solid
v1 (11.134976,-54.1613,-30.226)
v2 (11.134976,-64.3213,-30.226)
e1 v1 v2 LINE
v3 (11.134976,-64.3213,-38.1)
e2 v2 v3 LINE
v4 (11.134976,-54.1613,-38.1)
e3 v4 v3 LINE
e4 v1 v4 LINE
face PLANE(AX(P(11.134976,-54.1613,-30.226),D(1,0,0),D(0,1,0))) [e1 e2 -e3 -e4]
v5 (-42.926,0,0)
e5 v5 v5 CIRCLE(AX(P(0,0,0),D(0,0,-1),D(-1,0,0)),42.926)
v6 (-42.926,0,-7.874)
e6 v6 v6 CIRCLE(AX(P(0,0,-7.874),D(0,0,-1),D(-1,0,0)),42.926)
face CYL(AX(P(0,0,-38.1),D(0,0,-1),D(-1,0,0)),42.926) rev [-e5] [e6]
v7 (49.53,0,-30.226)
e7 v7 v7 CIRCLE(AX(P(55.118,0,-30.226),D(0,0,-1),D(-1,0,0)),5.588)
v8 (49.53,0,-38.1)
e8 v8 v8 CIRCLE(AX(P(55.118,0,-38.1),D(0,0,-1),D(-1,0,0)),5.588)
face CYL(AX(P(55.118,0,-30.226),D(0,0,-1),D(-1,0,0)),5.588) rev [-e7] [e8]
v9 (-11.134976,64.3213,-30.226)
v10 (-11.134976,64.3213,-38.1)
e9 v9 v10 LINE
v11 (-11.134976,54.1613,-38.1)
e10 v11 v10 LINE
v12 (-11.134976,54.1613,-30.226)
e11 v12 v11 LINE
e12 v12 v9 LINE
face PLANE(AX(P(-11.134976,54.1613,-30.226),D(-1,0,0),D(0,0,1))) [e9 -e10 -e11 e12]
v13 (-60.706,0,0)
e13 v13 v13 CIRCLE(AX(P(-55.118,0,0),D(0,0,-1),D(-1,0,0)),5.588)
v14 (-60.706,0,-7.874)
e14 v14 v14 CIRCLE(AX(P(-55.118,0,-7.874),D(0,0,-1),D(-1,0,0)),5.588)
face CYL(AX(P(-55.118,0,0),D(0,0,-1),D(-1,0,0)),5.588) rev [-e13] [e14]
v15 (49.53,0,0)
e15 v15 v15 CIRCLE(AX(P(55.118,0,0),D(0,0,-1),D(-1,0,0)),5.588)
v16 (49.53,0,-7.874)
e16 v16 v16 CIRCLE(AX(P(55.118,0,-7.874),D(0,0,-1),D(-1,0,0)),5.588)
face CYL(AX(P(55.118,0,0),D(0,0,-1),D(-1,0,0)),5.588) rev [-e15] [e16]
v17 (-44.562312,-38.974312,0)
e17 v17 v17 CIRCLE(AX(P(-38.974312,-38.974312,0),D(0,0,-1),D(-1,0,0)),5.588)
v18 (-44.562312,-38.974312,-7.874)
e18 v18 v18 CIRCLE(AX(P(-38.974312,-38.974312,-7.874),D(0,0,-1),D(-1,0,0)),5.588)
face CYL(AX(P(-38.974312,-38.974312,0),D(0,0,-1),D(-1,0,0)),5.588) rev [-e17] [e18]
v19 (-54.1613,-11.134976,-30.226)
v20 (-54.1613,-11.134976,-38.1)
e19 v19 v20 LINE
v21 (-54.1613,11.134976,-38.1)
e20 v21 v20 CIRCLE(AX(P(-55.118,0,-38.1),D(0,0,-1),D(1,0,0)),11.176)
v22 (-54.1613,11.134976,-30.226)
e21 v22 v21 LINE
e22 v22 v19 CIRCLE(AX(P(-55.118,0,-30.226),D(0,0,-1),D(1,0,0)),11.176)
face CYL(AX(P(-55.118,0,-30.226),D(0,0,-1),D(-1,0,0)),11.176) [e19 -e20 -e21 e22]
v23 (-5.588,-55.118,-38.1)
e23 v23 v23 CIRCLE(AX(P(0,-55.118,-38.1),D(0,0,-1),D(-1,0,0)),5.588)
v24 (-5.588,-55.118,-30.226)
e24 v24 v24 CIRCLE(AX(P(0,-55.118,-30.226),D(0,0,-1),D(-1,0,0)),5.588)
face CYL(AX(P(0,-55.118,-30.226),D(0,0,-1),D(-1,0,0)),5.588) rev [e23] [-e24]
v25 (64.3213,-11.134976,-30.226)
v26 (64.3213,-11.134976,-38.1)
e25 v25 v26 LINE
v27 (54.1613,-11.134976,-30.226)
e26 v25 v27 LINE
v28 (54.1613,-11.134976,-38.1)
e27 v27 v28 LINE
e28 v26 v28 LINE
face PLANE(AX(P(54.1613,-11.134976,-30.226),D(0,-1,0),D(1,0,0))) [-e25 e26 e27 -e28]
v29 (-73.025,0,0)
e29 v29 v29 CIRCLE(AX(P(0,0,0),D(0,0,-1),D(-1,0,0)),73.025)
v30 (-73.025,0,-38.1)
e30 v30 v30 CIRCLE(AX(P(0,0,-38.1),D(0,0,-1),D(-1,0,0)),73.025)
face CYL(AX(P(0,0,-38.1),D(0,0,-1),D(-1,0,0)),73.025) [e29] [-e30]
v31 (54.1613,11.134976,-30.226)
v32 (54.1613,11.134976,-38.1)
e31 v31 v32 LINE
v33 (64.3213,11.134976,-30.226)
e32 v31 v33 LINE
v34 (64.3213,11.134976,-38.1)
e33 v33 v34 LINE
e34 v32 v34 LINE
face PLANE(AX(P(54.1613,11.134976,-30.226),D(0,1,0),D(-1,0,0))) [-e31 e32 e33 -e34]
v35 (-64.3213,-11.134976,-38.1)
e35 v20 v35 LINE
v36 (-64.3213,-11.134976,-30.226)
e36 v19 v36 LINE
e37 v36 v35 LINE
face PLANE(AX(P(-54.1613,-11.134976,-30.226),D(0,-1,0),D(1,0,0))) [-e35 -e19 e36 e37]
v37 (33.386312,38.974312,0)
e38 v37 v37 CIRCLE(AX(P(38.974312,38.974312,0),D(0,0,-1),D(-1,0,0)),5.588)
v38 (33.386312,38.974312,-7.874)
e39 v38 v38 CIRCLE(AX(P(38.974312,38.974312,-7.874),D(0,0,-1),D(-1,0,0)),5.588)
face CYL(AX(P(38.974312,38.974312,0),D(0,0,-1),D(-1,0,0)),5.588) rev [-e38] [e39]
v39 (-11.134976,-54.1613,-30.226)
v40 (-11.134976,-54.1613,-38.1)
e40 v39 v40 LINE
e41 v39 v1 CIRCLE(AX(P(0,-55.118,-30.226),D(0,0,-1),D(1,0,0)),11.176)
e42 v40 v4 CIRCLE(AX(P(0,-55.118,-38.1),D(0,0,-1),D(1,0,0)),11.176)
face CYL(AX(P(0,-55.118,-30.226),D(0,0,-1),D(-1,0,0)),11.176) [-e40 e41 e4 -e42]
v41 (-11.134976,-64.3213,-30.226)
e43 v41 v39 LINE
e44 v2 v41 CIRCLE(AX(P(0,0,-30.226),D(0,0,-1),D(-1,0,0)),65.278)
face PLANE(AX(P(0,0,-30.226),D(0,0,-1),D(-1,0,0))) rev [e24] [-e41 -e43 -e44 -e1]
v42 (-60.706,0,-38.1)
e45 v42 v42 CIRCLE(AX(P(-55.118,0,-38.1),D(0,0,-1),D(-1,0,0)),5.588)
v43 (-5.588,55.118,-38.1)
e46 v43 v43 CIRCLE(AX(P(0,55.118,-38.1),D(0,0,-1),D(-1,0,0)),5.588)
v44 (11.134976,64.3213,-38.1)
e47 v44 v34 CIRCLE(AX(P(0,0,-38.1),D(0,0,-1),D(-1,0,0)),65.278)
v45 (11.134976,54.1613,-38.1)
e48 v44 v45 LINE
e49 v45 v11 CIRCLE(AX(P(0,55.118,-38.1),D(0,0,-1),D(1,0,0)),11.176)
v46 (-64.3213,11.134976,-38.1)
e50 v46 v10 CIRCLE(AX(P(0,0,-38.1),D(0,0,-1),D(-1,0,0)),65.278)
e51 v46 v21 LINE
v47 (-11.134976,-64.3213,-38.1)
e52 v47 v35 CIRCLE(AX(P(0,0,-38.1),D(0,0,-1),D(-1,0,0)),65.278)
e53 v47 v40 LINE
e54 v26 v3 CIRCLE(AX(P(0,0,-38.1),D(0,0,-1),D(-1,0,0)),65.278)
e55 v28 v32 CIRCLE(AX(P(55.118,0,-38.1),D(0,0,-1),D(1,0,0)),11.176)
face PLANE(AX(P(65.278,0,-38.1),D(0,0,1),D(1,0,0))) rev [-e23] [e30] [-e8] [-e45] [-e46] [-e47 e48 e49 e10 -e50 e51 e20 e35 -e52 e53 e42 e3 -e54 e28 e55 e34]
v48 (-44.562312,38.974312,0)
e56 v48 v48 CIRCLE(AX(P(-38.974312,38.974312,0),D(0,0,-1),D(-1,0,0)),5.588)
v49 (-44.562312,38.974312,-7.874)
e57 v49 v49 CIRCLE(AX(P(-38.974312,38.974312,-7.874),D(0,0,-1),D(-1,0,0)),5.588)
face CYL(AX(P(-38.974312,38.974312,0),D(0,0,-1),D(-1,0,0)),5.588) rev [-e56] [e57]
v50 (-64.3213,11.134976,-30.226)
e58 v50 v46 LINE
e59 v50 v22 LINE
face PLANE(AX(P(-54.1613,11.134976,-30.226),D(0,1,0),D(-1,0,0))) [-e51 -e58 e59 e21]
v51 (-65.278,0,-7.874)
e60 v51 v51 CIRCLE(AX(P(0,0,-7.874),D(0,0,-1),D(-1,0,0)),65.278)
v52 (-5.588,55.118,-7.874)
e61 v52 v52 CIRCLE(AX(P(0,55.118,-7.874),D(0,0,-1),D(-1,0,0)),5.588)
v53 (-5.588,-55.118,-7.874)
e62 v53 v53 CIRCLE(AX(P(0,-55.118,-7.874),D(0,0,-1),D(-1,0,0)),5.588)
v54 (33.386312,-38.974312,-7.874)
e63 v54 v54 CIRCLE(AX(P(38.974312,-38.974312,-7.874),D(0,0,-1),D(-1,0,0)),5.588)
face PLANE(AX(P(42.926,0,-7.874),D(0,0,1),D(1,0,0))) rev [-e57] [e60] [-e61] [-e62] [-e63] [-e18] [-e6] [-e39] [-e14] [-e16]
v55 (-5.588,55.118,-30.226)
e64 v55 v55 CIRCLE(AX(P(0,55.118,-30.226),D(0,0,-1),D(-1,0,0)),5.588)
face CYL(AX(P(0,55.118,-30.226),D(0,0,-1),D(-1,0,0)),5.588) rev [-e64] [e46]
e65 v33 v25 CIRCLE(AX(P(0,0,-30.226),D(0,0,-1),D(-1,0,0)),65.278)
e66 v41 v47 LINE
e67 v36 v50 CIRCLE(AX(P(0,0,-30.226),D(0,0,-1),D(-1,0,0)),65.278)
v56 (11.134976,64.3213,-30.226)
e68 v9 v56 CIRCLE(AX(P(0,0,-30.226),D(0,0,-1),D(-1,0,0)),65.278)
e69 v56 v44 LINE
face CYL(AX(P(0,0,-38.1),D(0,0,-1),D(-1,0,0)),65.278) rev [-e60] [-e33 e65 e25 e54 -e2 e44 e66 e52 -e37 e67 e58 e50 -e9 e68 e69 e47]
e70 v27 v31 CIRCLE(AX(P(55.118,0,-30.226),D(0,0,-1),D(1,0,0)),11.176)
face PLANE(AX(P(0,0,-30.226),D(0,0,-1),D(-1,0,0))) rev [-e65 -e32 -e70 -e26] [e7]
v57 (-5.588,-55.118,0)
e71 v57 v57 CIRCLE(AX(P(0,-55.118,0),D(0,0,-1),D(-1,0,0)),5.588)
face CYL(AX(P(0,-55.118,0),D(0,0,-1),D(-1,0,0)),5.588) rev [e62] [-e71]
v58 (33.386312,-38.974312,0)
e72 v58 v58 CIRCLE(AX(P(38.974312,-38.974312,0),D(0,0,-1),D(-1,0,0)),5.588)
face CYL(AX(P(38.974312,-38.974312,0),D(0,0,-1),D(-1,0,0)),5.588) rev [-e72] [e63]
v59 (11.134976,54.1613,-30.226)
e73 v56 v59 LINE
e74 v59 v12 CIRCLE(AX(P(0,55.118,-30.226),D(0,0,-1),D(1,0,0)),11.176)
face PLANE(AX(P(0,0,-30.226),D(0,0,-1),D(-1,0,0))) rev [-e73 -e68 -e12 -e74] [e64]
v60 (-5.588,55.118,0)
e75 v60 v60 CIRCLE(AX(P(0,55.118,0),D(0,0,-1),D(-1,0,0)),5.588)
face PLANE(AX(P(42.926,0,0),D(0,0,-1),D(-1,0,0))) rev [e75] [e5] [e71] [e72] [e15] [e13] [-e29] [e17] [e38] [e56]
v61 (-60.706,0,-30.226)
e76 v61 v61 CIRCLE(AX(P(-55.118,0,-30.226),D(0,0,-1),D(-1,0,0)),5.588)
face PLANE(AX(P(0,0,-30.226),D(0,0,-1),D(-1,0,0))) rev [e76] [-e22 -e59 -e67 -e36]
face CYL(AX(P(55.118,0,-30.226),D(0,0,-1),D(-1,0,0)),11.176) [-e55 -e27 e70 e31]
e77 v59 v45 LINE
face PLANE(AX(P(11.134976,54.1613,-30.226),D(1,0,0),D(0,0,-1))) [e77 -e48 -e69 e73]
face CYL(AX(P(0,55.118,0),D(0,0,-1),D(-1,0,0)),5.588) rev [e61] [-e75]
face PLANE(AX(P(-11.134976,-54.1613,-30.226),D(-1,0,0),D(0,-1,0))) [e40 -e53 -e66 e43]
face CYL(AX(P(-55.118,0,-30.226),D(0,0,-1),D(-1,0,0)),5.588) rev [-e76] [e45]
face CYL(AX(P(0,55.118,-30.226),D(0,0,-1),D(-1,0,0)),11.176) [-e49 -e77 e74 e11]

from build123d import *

# Parameters (mm, degrees)
SKETCH2_R           = 5.588
CUT_EXTRUDE1_DEPTH  = 8.874
SKETCH3_R           = 5.588
BOSS_EXTRUDE2_DEPTH = 7.874


with BuildPart() as part:
    # Sketch1 → Revolve1 (revolve)
    with BuildSketch(Plane(origin=(0, 0, 0), x_dir=(1, 0, 0), z_dir=(0, 1, 0))):
        Polygon((73.025, 0), (73.025, 7.874), (73.025, 38.1), (65.278, 38.1), (65.278, 7.874), (42.926, 7.874), (42.926, 0), align=None)
    revolve(axis=Axis((0, 0, -38.1), (0, 0, 1)))

    # Sketch2 → Cut-Extrude1 (cut, through all)
    with BuildSketch(Plane(origin=(0, 0, -7.874), x_dir=(-1, 0, 0), z_dir=(0, 0, -1))):
        with Locations((0, 55.118)):
            Circle(SKETCH2_R)
        with Locations((38.974311565, 38.974311565)):
            Circle(SKETCH2_R)
        with Locations((55.118, 0)):
            Circle(SKETCH2_R)
        with Locations((38.974311565, -38.974311565)):
            Circle(SKETCH2_R)
        with Locations((0, -55.118)):
            Circle(SKETCH2_R)
        with Locations((-38.974311565, -38.974311565)):
            Circle(SKETCH2_R)
        with Locations((-55.118, 0)):
            Circle(SKETCH2_R)
        with Locations((-38.974311565, 38.974311565)):
            Circle(SKETCH2_R)
    extrude(amount=-CUT_EXTRUDE1_DEPTH, mode=Mode.SUBTRACT)

    # Sketch3 → Boss-Extrude2 (add)
    with BuildSketch(Plane(origin=(0, 0, -38.1), x_dir=(-1, 0, 0), z_dir=(0, 0, -1))):
        with BuildLine():
            Line((11.134976442, 54.161299611), (11.134976442, 64.321299611))
            ThreePointArc((11.134976442, 64.321299611), (0, 65.278), (-11.134976442, 64.321299611))
            Line((-11.134976442, 64.321299611), (-11.134976442, 54.161299611))
            ThreePointArc((-11.134976442, 54.161299611), (0, 43.942), (11.134976442, 54.161299611))
        make_face()
        with Locations((0, 55.118)):
            Circle(SKETCH3_R, mode=Mode.SUBTRACT)
        with BuildLine():
            Line((54.161299611, 11.134976442), (64.321299611, 11.134976442))
            ThreePointArc((64.321299611, 11.134976442), (65.278, 0), (64.321299611, -11.134976442))
            Line((64.321299611, -11.134976442), (54.161299611, -11.134976442))
            ThreePointArc((54.161299611, -11.134976442), (43.942, 0), (54.161299611, 11.134976442))
        make_face()
        with Locations((55.118, 0)):
            Circle(SKETCH3_R, mode=Mode.SUBTRACT)
        with BuildLine():
            Line((11.134976442, -54.161299611), (11.134976442, -64.321299611))
            ThreePointArc((11.134976442, -64.321299611), (0, -65.278), (-11.134976442, -64.321299611))
            Line((-11.134976442, -64.321299611), (-11.134976442, -54.161299611))
            ThreePointArc((-11.134976442, -54.161299611), (0, -43.942), (11.134976442, -54.161299611))
        make_face()
        with Locations((0, -55.118)):
            Circle(SKETCH3_R, mode=Mode.SUBTRACT)
        with BuildLine():
            Line((-54.161299611, -11.134976442), (-64.321299611, -11.134976442))
            ThreePointArc((-64.321299611, -11.134976442), (-65.278, 0), (-64.321299611, 11.134976442))
            Line((-64.321299611, 11.134976442), (-54.161299611, 11.134976442))
            ThreePointArc((-54.161299611, 11.134976442), (-43.942, 0), (-54.161299611, -11.134976442))
        make_face()
        with Locations((-55.118, 0)):
            Circle(SKETCH3_R, mode=Mode.SUBTRACT)
    extrude(amount=-BOSS_EXTRUDE2_DEPTH)


solid = part.part
